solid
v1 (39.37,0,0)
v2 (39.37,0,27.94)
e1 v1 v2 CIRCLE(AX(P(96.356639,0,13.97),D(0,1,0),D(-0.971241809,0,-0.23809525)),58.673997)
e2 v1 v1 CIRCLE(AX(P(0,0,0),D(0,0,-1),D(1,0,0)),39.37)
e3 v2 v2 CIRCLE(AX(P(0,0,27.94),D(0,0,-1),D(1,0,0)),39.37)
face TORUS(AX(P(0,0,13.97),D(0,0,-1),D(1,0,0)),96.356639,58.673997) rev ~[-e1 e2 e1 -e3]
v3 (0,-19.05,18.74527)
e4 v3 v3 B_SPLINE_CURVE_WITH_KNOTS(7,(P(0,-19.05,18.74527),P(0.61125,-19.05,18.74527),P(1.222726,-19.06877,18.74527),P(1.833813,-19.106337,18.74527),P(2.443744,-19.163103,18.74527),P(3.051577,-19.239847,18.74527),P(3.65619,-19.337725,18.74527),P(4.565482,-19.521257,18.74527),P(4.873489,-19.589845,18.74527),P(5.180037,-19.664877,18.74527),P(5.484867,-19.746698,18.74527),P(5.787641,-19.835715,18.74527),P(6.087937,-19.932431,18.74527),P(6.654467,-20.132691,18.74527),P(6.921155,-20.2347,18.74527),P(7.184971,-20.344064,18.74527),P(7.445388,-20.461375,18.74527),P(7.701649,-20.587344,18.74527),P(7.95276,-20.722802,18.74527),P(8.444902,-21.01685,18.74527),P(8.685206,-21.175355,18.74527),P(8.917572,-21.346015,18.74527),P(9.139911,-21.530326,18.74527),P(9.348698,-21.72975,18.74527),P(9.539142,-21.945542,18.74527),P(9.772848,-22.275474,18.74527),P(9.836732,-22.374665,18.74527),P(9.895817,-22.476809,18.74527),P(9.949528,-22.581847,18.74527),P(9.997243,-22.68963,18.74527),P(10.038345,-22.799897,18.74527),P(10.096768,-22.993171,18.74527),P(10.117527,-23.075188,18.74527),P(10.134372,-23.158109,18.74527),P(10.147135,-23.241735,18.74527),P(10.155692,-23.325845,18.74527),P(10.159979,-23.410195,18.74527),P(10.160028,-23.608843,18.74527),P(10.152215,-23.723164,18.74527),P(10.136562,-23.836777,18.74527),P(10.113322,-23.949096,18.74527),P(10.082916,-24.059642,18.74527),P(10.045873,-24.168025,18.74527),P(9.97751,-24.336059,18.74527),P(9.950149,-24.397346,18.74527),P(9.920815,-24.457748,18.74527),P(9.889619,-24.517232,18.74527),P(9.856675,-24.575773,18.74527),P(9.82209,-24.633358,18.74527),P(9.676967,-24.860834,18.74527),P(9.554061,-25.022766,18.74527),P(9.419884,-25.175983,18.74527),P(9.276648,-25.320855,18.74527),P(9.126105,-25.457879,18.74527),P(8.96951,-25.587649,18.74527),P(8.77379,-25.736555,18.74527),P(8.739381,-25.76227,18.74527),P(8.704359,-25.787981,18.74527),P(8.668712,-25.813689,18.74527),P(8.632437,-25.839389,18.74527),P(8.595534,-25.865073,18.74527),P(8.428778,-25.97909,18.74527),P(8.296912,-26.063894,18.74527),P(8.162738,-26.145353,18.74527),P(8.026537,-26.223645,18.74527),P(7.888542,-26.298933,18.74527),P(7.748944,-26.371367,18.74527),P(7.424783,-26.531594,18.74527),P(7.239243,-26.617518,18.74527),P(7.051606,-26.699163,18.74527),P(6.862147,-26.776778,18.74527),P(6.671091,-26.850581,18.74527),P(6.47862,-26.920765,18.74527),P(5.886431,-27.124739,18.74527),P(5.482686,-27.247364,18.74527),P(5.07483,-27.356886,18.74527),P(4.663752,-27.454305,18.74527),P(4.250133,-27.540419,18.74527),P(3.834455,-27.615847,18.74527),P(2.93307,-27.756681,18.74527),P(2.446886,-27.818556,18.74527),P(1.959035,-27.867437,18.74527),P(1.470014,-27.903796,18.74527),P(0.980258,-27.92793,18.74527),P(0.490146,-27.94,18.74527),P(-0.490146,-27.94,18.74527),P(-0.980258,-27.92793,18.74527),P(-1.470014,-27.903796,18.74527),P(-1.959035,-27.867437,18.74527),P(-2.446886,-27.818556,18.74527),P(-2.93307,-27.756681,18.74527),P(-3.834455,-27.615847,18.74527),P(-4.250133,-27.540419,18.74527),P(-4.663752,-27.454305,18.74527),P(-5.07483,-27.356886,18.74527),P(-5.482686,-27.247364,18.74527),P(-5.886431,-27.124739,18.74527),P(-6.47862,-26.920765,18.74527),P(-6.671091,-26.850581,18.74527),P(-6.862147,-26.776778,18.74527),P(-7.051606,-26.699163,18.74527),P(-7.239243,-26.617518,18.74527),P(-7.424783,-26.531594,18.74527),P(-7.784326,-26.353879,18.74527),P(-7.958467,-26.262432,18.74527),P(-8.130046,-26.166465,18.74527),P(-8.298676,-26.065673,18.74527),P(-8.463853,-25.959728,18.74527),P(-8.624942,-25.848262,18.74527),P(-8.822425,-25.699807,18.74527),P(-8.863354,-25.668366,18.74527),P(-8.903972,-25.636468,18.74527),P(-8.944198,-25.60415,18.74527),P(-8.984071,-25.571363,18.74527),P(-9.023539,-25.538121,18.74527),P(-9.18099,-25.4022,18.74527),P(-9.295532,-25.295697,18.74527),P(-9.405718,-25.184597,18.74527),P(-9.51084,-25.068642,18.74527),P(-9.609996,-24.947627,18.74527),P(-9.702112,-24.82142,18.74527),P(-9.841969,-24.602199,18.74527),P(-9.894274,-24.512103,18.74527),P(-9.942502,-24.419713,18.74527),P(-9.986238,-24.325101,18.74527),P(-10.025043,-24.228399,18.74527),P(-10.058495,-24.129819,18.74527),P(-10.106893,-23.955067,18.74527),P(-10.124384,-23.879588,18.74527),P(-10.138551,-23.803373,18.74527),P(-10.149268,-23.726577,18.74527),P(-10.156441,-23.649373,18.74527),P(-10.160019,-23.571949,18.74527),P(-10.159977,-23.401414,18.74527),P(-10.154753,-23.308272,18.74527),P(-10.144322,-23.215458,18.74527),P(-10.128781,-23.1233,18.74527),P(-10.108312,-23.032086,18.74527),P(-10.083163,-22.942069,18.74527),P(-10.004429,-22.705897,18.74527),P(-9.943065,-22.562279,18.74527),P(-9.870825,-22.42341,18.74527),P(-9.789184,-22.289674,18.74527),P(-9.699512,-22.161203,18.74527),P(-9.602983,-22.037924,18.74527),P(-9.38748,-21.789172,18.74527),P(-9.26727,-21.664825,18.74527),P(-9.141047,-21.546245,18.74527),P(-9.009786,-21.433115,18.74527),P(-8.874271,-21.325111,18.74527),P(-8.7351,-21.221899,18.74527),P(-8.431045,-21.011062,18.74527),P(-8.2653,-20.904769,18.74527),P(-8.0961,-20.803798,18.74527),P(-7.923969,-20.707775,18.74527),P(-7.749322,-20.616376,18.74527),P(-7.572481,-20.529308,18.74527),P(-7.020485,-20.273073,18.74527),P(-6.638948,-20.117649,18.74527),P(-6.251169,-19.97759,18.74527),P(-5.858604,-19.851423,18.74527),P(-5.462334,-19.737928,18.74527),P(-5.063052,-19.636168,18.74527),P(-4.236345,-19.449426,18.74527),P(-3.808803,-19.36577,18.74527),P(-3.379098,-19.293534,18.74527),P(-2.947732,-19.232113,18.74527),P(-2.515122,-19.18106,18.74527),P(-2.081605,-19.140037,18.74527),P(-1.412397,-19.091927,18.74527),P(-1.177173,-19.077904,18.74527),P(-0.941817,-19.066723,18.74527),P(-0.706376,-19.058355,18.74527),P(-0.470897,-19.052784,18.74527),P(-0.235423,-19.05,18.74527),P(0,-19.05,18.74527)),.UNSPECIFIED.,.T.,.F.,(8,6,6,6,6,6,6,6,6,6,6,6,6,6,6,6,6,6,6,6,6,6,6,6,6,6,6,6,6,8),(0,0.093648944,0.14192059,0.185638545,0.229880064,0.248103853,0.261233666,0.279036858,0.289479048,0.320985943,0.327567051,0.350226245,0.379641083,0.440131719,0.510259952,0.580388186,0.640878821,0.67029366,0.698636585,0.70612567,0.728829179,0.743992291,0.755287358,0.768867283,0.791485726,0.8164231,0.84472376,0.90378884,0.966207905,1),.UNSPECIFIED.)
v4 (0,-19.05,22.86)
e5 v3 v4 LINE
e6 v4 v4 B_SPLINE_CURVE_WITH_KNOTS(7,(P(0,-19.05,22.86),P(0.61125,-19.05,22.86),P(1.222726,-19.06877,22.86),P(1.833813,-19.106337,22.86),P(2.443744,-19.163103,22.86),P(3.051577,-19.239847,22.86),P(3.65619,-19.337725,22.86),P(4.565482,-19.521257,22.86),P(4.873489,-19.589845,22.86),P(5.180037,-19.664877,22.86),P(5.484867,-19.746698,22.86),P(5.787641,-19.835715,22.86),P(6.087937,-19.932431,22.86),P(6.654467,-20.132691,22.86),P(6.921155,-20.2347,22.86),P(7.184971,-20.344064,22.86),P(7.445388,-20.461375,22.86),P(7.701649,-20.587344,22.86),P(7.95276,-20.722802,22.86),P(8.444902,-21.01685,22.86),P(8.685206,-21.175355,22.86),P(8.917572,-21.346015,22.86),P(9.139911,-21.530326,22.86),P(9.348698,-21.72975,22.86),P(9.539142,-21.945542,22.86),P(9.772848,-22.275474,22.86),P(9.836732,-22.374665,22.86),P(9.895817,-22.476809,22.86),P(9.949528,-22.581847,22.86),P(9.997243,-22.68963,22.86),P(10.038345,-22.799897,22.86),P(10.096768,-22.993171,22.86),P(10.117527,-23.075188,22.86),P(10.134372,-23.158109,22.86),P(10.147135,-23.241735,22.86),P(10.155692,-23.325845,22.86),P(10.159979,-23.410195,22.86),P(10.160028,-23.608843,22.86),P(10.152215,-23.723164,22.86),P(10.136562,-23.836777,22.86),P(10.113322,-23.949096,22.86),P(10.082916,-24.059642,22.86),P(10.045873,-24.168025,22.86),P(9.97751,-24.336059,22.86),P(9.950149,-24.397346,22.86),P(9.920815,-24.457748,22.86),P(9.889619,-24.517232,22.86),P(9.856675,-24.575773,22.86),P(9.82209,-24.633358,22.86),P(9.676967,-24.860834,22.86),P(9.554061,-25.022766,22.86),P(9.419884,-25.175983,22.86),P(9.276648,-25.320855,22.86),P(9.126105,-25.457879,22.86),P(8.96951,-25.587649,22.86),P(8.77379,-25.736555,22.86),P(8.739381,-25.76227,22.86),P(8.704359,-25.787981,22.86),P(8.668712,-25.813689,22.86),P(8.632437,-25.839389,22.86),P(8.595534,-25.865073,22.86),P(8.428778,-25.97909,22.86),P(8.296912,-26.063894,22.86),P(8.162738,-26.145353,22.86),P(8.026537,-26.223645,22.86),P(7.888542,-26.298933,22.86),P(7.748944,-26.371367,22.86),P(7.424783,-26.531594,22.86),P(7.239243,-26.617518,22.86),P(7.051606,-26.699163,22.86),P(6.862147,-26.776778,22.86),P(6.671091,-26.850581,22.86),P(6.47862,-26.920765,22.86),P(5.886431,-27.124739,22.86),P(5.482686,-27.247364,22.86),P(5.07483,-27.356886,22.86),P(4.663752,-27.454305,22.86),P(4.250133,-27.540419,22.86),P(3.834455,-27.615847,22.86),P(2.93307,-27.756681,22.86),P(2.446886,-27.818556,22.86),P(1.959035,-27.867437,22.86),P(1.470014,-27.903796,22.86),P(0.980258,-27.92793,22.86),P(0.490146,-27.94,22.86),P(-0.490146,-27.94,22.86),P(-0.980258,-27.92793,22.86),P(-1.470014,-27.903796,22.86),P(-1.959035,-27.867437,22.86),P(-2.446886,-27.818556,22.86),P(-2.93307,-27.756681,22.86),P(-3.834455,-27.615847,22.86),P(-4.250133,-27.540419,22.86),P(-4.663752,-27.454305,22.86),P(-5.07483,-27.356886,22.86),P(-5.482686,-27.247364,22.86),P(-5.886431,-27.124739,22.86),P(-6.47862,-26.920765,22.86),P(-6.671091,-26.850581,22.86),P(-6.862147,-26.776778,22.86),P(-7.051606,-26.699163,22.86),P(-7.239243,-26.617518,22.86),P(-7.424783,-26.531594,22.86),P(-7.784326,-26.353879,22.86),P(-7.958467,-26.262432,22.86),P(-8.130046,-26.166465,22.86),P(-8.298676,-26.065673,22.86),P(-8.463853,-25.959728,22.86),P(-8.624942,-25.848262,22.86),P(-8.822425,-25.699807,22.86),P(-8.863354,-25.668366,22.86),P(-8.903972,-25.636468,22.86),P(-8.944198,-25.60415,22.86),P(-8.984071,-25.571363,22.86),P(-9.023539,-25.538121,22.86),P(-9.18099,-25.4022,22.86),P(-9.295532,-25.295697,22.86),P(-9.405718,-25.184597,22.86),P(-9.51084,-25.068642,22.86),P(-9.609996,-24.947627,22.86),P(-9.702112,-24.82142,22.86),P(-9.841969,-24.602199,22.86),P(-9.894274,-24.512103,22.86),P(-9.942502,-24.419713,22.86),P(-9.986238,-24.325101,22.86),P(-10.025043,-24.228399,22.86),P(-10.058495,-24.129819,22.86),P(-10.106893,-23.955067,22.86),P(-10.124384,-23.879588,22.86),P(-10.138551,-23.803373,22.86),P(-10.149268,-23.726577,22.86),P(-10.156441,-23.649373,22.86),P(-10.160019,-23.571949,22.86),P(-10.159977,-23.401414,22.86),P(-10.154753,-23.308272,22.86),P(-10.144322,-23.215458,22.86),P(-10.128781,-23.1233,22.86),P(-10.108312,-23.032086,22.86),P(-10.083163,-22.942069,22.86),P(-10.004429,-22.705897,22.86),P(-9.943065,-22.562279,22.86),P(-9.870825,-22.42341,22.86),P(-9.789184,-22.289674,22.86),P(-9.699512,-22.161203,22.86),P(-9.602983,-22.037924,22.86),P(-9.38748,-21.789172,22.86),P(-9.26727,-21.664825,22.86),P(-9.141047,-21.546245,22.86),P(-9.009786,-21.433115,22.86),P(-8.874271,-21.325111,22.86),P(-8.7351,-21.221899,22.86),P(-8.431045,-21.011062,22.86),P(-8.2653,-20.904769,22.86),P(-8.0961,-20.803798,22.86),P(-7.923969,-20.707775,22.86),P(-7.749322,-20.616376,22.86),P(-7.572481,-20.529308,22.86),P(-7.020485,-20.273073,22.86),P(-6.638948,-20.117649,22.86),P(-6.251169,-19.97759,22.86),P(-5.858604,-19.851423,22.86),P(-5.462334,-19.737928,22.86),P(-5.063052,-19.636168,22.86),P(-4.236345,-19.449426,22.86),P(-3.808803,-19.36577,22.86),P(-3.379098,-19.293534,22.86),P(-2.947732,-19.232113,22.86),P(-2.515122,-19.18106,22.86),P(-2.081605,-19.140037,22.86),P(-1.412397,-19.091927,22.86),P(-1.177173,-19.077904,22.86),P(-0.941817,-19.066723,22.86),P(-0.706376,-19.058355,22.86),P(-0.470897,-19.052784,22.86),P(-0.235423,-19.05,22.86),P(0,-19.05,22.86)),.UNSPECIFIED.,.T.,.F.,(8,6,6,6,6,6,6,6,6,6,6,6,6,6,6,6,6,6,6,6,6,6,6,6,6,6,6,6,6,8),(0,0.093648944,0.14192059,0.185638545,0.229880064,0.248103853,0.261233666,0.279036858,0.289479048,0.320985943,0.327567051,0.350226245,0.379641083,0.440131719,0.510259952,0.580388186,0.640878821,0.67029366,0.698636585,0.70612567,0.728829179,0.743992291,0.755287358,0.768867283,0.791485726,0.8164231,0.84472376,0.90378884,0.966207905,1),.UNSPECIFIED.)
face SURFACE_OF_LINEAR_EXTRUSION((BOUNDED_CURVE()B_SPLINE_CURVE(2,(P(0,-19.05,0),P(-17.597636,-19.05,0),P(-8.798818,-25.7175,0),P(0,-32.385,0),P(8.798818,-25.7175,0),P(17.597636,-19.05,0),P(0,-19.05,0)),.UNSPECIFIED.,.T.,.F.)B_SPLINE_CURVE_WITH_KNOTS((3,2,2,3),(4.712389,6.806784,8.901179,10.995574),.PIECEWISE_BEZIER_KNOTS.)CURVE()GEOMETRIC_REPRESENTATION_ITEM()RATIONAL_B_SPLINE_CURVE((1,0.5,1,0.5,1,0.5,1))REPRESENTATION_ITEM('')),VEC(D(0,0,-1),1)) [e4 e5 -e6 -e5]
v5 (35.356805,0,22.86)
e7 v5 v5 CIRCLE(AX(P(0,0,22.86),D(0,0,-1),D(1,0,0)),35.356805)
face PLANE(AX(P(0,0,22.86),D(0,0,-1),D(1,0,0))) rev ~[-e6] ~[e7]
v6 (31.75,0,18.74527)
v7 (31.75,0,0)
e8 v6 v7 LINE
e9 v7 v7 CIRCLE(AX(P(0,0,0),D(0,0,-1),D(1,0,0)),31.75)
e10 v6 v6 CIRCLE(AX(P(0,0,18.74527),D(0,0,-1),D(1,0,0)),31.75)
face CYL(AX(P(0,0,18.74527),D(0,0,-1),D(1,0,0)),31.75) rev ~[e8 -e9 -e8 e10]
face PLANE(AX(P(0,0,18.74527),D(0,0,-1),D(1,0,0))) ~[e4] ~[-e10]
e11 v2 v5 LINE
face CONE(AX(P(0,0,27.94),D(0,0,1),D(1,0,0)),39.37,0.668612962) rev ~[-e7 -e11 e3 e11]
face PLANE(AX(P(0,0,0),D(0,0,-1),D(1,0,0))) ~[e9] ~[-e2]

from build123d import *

# Parameters (mm, degrees)
F3_DEPTH = 27.941


with BuildPart() as f1:
    # F0 (on Front) → F1 (revolve)
    with BuildSketch(Plane.XZ):
        with BuildLine():
            Line((31.75, 18.74527), (31.75, 0))
            Line((31.75, 0), (39.37, 0))
            ThreePointArc((39.37, 0), (37.682642, 13.97), (39.37, 27.94))
            Line((39.37, 27.94), (35.356805, 22.86))
            Line((35.356805, 22.86), (0, 22.86))
            Line((0, 22.86), (0, 18.74527))
            Line((0, 18.74527), (31.75, 18.74527))
        make_face()
    revolve(axis=Axis((0, 0, 20.802635), (0, 0, -1)))

    # F2 (on Top) → F3 (cut, through all)
    with BuildSketch(Plane.XY):
        with BuildLine():
            add(Edge.make_bspline(
                [(0, -19.05), (-17.597636, -19.05), (-8.798818, -25.7175), (0, -32.385), (8.798818, -25.7175), (17.597636, -19.05), (0, -19.05)],
                knots=[4.712389, 4.712389, 4.712389, 6.806784, 6.806784, 8.901179, 8.901179, 10.995574, 10.995574, 10.995574], degree=2, weights=[1, 0.5, 1, 0.5, 1, 0.5, 1]))
        make_face()
    extrude(amount=F3_DEPTH, mode=Mode.SUBTRACT)


solid = f1.part
